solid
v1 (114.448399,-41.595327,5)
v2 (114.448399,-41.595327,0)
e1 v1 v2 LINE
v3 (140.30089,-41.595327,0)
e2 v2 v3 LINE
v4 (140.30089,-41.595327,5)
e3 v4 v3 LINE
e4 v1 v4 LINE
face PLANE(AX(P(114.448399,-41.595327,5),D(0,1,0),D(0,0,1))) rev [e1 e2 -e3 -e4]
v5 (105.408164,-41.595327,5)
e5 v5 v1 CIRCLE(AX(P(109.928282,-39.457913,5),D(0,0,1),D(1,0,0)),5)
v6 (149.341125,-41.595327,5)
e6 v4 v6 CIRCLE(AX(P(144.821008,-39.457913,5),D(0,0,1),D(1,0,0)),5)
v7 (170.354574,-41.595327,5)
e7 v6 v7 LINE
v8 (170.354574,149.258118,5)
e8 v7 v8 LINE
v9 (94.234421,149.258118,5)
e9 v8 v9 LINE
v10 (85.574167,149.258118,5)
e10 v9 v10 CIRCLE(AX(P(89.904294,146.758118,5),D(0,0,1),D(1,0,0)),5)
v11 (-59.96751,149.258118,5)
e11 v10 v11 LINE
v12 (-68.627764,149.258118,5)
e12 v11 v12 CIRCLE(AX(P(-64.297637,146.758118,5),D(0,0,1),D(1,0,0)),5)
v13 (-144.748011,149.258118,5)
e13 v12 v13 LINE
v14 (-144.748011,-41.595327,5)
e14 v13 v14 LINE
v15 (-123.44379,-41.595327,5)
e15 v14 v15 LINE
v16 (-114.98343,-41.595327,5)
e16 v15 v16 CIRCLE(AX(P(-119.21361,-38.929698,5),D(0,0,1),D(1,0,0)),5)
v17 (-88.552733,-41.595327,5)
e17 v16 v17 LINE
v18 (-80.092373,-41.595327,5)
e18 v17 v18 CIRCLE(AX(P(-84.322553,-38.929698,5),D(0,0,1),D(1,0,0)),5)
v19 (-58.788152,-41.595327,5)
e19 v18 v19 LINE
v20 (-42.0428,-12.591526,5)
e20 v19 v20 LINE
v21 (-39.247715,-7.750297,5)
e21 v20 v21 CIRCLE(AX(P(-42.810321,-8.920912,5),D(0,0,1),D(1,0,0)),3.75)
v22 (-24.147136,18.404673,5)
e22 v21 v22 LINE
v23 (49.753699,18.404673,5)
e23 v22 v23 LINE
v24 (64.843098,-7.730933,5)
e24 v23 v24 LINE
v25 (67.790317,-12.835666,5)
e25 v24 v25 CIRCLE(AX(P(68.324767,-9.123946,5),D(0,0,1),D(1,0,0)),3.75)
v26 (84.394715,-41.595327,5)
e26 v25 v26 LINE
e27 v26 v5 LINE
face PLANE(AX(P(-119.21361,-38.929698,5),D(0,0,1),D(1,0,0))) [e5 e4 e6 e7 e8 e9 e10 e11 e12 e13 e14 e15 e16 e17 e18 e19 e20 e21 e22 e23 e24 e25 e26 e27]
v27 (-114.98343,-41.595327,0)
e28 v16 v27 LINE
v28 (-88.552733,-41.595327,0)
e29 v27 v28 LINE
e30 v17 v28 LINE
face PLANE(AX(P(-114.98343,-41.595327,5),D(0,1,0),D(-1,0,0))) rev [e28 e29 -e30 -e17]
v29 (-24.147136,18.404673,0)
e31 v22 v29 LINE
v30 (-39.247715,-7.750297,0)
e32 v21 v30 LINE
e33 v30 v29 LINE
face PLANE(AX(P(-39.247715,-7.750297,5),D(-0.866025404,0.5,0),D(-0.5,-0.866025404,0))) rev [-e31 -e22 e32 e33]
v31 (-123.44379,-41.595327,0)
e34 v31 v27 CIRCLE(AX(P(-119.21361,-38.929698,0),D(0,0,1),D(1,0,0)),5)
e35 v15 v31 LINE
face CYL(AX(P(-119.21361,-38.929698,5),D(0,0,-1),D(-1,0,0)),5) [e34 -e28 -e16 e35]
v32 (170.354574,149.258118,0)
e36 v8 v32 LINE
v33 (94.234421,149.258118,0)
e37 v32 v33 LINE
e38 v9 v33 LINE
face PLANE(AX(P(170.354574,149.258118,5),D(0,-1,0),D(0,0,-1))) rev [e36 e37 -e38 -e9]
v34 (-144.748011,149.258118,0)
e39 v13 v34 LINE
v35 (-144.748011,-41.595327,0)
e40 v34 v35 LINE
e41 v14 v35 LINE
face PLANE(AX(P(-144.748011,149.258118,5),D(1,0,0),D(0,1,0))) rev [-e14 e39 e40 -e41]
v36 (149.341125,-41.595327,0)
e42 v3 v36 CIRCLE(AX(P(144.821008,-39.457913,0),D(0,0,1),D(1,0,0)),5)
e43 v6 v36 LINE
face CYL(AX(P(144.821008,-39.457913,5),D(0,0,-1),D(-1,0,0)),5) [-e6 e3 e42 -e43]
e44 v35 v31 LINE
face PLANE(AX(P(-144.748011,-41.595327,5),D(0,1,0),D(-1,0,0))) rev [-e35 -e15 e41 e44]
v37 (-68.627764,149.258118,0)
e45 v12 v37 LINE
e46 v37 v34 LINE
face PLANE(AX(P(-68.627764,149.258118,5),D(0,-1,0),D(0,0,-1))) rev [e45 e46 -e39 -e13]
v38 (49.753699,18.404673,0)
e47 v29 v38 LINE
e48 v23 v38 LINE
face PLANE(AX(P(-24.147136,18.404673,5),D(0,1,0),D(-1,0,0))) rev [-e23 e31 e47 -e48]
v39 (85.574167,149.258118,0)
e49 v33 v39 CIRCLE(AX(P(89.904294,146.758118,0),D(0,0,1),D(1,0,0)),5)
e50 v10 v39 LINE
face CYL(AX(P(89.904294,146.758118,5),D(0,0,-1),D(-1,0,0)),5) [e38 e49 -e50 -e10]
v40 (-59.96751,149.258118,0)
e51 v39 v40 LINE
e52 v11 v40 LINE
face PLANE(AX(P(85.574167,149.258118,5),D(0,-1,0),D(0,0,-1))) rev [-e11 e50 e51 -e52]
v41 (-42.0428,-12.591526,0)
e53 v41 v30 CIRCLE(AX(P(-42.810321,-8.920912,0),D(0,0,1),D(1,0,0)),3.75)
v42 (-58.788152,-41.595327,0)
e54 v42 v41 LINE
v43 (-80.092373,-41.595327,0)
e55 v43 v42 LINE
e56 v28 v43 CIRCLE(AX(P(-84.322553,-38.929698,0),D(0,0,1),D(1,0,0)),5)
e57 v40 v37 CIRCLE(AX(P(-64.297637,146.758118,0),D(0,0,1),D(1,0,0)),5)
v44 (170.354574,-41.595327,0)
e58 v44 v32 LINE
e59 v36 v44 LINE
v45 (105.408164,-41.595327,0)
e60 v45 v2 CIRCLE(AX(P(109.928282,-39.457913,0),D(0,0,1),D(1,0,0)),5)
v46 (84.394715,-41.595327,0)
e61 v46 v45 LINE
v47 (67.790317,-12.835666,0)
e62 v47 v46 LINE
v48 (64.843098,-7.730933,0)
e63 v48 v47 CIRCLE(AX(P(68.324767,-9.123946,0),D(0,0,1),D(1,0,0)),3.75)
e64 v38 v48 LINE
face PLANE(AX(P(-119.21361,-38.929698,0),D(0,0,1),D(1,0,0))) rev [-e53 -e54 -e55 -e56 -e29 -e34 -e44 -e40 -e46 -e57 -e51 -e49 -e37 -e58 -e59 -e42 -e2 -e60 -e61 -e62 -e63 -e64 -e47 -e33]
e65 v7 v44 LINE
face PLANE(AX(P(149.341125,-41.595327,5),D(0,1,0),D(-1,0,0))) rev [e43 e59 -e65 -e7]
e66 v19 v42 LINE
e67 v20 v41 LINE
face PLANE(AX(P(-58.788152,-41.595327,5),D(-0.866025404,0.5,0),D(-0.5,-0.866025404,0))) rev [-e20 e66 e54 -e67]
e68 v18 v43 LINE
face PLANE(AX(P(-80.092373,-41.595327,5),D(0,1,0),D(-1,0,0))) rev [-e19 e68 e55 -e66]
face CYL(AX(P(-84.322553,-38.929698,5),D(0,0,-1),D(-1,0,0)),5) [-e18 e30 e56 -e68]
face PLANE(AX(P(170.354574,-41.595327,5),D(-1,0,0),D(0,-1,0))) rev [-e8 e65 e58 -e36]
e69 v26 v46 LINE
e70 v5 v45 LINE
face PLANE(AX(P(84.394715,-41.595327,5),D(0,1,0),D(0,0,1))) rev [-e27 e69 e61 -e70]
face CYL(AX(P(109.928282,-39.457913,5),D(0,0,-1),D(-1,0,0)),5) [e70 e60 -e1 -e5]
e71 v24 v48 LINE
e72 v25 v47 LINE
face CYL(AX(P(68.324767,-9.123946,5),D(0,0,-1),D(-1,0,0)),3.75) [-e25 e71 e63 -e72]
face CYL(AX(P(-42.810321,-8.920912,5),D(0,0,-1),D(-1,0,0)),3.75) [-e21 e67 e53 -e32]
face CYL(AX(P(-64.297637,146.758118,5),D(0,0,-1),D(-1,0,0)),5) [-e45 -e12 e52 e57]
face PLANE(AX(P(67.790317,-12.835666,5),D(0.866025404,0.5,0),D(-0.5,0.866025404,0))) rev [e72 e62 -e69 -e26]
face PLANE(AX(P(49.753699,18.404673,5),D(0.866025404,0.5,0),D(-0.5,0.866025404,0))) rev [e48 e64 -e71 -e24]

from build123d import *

# Parameters (mm, degrees)
BOSS_EXTRUDE1_DEPTH = 5


with BuildPart() as part:
    # Sketch1 → Boss-Extrude1 (new body)
    with BuildSketch(Plane.XY):
        with BuildLine():
            Line((-114.983429669, -41.595326503), (-88.552733296, -41.595326503))
            ThreePointArc((-88.552733296, -41.595326503), (-84.32255291, -43.929698265), (-80.092372525, -41.595326503))
            Line((-80.092372525, -41.595326503), (-58.788151834, -41.595326503))
            Line((-58.788151834, -41.595326503), (-42.04280008, -12.591526475))
            ThreePointArc((-42.04280008, -12.591526475), (-39.562725839, -10.795911883), (-39.247715108, -7.750297292))
            Line((-39.247715108, -7.750297292), (-24.147135682, 18.404673497))
            Line((-24.147135682, 18.404673497), (49.753698774, 18.404673497))
            Line((49.753698774, 18.404673497), (64.843098402, -7.730933315))
            ThreePointArc((64.843098402, -7.730933315), (65.07717154, -10.998946288), (67.790317225, -12.835666057))
            Line((67.790317225, -12.835666057), (84.394714925, -41.595326503))
            Line((84.394714925, -41.595326503), (105.408163945, -41.595326503))
            ThreePointArc((105.408163945, -41.595326503), (109.928281546, -44.457912909), (114.448399147, -41.595326503))
            Line((114.448399147, -41.595326503), (140.300890001, -41.595326503))
            ThreePointArc((140.300890001, -41.595326503), (144.821007602, -44.457912909), (149.341125203, -41.595326503))
            Line((149.341125203, -41.595326503), (170.354574223, -41.595326503))
            Line((170.354574223, -41.595326503), (170.354574223, 149.258117984))
            Line((170.354574223, 149.258117984), (94.234420776, 149.258117984))
            ThreePointArc((94.234420776, 149.258117984), (89.904293757, 151.758117984), (85.574166738, 149.258117984))
            Line((85.574166738, 149.258117984), (-59.967510158, 149.258117984))
            ThreePointArc((-59.967510158, 149.258117984), (-64.297637177, 151.758117984), (-68.627764196, 149.258117984))
            Line((-68.627764196, 149.258117984), (-144.748011131, 149.258117984))
            Line((-144.748011131, 149.258117984), (-144.748011131, -41.595326503))
            Line((-144.748011131, -41.595326503), (-123.44379044, -41.595326503))
            ThreePointArc((-123.44379044, -41.595326503), (-119.213610054, -43.929698265), (-114.983429669, -41.595326503))
        make_face()
    extrude(amount=BOSS_EXTRUDE1_DEPTH)


solid = part.part
